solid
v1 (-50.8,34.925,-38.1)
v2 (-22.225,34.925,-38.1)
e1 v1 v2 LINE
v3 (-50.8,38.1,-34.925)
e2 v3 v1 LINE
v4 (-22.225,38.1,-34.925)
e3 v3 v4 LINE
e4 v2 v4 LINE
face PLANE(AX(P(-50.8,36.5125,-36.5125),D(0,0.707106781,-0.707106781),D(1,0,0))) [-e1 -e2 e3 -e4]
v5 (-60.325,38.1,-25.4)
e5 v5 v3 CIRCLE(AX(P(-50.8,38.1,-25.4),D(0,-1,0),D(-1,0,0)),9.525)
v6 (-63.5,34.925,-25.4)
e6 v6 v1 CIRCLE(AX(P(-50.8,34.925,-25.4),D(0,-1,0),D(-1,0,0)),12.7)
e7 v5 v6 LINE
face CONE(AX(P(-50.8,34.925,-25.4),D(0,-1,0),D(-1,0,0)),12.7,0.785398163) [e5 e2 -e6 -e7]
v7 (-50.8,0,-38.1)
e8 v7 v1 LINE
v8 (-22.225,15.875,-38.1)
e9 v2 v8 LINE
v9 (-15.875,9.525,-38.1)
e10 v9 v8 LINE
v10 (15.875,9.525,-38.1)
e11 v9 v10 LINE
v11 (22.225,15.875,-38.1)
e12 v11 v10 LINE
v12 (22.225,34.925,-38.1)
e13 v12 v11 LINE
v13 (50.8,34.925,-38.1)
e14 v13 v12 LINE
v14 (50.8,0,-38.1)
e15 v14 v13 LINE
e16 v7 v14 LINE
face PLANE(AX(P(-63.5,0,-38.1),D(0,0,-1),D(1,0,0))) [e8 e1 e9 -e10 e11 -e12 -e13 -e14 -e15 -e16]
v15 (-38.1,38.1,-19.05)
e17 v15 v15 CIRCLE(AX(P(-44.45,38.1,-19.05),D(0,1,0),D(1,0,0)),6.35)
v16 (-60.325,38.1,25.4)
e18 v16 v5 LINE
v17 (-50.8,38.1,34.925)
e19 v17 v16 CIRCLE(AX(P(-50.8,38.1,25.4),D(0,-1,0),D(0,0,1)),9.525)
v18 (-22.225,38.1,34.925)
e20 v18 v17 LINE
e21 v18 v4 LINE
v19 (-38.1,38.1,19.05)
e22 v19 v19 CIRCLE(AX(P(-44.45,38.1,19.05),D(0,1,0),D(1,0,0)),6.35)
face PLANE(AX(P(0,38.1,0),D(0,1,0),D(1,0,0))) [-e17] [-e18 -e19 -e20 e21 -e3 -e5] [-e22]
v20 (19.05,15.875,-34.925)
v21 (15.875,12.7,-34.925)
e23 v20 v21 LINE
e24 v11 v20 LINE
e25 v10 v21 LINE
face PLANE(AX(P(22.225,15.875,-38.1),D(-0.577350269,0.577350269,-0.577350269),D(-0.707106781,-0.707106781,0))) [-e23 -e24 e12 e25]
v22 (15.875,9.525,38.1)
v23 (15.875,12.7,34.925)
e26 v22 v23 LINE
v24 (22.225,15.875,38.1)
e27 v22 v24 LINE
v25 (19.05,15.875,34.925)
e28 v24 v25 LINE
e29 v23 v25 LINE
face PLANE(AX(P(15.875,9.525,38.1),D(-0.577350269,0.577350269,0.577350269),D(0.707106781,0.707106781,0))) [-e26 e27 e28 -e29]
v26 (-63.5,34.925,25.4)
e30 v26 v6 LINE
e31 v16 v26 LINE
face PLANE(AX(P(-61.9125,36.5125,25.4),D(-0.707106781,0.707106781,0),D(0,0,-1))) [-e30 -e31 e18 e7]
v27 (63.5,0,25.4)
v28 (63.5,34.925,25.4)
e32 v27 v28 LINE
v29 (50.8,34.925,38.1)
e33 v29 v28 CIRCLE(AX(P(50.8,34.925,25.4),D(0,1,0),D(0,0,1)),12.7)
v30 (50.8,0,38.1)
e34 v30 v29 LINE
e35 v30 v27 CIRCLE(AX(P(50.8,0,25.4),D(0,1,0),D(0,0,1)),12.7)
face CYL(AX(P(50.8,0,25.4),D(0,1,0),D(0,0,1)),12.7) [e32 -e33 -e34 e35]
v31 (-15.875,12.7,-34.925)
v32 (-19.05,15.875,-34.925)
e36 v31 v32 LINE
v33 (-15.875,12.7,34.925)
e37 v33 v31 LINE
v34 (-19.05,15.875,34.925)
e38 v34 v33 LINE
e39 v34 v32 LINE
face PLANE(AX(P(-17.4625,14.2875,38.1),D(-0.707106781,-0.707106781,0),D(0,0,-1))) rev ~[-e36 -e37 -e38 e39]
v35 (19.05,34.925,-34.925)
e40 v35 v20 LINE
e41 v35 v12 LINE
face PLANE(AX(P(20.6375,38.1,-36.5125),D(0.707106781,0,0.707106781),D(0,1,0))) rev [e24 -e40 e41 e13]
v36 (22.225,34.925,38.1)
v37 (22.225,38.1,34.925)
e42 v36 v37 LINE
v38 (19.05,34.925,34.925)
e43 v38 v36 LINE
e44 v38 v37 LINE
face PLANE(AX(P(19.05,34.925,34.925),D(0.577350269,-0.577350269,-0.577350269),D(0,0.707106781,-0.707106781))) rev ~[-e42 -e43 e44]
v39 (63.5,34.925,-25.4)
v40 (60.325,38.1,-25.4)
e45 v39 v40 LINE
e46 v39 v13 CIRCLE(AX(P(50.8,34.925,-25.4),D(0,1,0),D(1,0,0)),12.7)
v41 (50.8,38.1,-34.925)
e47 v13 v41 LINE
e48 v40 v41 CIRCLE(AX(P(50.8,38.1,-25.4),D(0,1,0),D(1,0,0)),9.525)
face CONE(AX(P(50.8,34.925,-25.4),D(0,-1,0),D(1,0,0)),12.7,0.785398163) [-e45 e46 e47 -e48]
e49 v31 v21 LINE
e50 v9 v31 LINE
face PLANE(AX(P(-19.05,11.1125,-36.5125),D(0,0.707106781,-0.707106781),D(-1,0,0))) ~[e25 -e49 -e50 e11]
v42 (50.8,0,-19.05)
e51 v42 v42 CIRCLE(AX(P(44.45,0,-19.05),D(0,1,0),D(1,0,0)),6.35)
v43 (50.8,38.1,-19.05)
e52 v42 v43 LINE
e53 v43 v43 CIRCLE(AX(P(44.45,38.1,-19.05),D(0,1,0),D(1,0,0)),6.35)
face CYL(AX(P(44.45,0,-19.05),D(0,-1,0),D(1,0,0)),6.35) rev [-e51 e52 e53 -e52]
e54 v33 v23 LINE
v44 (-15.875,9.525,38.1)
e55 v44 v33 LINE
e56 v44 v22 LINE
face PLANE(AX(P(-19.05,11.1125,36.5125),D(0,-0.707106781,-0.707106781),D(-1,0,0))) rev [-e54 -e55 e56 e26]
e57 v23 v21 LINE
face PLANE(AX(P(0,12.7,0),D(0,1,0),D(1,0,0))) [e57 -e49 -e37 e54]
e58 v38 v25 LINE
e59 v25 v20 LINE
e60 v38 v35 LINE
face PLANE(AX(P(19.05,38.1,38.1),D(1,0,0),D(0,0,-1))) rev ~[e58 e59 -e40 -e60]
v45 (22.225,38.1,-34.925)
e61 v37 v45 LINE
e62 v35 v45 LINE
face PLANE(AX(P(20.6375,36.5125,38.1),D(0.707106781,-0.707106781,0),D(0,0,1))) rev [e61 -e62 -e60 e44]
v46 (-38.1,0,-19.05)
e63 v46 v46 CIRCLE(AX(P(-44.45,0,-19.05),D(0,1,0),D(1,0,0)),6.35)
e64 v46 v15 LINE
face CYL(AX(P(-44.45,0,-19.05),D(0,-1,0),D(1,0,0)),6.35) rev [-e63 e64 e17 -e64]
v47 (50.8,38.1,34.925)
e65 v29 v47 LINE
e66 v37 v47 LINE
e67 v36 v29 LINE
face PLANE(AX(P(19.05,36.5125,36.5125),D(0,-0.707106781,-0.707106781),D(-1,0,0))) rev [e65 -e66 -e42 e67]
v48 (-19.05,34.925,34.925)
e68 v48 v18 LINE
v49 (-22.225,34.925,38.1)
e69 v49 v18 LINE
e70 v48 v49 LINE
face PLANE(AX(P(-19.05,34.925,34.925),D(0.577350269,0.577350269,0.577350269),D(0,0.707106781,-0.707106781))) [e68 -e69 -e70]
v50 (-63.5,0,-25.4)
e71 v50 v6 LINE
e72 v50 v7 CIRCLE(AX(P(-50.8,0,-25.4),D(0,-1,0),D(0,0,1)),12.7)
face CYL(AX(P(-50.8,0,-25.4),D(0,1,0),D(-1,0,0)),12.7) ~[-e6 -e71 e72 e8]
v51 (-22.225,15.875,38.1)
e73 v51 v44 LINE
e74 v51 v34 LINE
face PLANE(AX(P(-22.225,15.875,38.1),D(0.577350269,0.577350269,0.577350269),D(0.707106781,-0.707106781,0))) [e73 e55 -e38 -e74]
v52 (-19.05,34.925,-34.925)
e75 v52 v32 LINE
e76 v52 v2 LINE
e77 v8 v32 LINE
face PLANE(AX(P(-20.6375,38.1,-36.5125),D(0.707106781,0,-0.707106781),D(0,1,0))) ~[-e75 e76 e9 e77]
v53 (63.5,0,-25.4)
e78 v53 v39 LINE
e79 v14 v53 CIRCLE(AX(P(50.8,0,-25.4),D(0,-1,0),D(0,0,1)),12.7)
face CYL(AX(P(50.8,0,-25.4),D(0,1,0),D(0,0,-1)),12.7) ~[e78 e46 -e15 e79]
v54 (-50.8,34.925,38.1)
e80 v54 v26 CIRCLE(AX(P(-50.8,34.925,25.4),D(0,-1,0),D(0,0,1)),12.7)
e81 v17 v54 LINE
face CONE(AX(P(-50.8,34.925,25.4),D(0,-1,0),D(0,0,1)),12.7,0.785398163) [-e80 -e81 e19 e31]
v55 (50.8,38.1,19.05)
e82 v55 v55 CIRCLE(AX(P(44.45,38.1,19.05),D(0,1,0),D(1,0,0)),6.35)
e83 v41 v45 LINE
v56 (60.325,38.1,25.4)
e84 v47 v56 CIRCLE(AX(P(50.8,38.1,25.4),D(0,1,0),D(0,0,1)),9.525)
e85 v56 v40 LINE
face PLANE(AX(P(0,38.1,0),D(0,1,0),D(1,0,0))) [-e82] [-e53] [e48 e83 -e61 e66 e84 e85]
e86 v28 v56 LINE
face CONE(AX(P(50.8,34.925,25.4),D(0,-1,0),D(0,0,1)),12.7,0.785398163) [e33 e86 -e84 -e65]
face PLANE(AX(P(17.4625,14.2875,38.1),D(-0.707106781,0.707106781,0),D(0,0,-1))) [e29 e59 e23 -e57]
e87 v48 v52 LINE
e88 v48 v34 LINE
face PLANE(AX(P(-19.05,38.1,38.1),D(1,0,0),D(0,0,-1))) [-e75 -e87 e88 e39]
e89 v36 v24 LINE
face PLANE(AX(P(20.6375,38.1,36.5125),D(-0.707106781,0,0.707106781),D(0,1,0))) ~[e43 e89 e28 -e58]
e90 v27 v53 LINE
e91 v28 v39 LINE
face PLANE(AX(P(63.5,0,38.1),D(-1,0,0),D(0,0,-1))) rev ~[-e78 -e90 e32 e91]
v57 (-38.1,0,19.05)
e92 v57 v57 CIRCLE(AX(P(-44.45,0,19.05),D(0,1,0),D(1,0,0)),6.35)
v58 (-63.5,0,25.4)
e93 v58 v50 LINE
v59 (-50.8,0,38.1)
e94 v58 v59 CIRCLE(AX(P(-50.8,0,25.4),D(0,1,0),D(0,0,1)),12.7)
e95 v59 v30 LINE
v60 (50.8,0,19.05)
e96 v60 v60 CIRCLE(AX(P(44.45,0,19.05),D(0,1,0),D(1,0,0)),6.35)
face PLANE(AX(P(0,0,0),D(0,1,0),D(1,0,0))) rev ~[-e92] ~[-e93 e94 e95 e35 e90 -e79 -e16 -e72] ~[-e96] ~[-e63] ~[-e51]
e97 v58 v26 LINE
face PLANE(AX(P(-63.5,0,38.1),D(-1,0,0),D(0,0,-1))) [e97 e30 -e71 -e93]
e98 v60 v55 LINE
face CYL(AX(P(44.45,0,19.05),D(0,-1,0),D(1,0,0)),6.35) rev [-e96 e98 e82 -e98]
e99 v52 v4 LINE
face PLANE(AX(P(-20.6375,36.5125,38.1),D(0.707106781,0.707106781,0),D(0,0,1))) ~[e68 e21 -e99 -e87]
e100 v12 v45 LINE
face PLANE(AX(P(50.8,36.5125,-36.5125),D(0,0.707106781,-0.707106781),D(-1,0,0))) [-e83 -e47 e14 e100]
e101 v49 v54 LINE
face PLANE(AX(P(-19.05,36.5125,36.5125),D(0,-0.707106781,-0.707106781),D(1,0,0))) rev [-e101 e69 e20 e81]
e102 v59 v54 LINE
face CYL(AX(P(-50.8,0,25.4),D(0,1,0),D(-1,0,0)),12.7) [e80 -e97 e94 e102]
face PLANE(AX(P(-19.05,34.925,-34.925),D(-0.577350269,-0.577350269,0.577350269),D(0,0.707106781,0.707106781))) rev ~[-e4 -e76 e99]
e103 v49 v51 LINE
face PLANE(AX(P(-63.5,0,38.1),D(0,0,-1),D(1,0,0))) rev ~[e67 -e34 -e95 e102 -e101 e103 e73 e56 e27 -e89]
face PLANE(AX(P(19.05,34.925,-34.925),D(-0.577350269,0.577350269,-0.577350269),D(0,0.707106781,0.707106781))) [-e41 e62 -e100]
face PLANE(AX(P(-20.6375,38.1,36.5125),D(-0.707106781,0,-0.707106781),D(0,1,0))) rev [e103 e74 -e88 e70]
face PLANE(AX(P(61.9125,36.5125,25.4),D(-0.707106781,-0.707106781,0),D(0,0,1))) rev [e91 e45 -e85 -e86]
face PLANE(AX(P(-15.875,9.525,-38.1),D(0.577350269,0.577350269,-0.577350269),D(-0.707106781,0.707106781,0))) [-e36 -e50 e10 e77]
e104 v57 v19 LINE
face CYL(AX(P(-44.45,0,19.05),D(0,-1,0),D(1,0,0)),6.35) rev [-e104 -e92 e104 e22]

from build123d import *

# Parameters (mm, degrees)
SKETCH2_W           = 127
SKETCH2_H           = 76.2
SKETCH2_R           = 6.35
BOSS_EXTRUDE1_DEPTH = 38.1
SKETCH3_W           = 38.1
SKETCH3_H           = 76.2
CUT_EXTRUDE1_DEPTH  = 25.4
FILLET1_R           = 12.7
CHAMFER1_SIZE       = 3.175


with BuildPart() as part:
    # Sketch2 → Boss-Extrude1 (new body)
    with BuildSketch(Plane(origin=(0, 0, 0), x_dir=(1, 0, 0), z_dir=(0, 1, 0))):
        Rectangle(SKETCH2_W, SKETCH2_H)
        with Locations((-44.45, 19.05)):
            Circle(SKETCH2_R, mode=Mode.SUBTRACT)
        with Locations((44.45, 19.05)):
            Circle(SKETCH2_R, mode=Mode.SUBTRACT)
        with Locations((44.45, -19.05)):
            Circle(SKETCH2_R, mode=Mode.SUBTRACT)
        with Locations((-44.45, -19.05)):
            Circle(SKETCH2_R, mode=Mode.SUBTRACT)
    extrude(amount=BOSS_EXTRUDE1_DEPTH)

    # Sketch3 → Cut-Extrude1 (cut)
    with BuildSketch(Plane(origin=(0, 38.1, 0), x_dir=(1, 0, 0), z_dir=(0, 1, 0))):
        Rectangle(SKETCH3_W, SKETCH3_H)
    extrude(amount=-CUT_EXTRUDE1_DEPTH, mode=Mode.SUBTRACT)

    # Fillet1
    fillet1_edges = [part.edges().sort_by_distance(p)[0] for p in [
        (63.5, 19.05, 38.1),
        (-63.5, 19.05, 38.1),
        (-63.5, 19.05, -38.1),
        (63.5, 19.05, -38.1),
    ]]
    fillet(fillet1_edges, radius=FILLET1_R)

    # Chamfer1
    chamfer1_edges = [part.edges().sort_by_distance(p)[0] for p in [
        (34.925, 38.1, 38.1),
        (-34.925, 38.1, -38.1),
        (19.05, 12.7, 0),
        (19.05, 25.4, -38.1),
        (0, 12.7, 38.1),
        (19.05, 25.4, 38.1),
        (-19.05, 12.7, 0),
        (-19.05, 25.4, 38.1),
        (0, 12.7, -38.1),
        (-19.05, 25.4, -38.1),
        (19.05, 38.1, 0),
        (-19.05, 38.1, 0),
        (-34.925, 38.1, 38.1),
        (-63.5, 38.1, 0),
        (-59.780256121, 38.1, -34.380256121),
        (-59.780256121, 38.1, 34.380256121),
        (34.925, 38.1, -38.1),
        (63.5, 38.1, 0),
        (59.780256121, 38.1, 34.380256121),
        (59.780256121, 38.1, -34.380256121),
    ]]
    chamfer(chamfer1_edges, length=CHAMFER1_SIZE)


solid = part.part
